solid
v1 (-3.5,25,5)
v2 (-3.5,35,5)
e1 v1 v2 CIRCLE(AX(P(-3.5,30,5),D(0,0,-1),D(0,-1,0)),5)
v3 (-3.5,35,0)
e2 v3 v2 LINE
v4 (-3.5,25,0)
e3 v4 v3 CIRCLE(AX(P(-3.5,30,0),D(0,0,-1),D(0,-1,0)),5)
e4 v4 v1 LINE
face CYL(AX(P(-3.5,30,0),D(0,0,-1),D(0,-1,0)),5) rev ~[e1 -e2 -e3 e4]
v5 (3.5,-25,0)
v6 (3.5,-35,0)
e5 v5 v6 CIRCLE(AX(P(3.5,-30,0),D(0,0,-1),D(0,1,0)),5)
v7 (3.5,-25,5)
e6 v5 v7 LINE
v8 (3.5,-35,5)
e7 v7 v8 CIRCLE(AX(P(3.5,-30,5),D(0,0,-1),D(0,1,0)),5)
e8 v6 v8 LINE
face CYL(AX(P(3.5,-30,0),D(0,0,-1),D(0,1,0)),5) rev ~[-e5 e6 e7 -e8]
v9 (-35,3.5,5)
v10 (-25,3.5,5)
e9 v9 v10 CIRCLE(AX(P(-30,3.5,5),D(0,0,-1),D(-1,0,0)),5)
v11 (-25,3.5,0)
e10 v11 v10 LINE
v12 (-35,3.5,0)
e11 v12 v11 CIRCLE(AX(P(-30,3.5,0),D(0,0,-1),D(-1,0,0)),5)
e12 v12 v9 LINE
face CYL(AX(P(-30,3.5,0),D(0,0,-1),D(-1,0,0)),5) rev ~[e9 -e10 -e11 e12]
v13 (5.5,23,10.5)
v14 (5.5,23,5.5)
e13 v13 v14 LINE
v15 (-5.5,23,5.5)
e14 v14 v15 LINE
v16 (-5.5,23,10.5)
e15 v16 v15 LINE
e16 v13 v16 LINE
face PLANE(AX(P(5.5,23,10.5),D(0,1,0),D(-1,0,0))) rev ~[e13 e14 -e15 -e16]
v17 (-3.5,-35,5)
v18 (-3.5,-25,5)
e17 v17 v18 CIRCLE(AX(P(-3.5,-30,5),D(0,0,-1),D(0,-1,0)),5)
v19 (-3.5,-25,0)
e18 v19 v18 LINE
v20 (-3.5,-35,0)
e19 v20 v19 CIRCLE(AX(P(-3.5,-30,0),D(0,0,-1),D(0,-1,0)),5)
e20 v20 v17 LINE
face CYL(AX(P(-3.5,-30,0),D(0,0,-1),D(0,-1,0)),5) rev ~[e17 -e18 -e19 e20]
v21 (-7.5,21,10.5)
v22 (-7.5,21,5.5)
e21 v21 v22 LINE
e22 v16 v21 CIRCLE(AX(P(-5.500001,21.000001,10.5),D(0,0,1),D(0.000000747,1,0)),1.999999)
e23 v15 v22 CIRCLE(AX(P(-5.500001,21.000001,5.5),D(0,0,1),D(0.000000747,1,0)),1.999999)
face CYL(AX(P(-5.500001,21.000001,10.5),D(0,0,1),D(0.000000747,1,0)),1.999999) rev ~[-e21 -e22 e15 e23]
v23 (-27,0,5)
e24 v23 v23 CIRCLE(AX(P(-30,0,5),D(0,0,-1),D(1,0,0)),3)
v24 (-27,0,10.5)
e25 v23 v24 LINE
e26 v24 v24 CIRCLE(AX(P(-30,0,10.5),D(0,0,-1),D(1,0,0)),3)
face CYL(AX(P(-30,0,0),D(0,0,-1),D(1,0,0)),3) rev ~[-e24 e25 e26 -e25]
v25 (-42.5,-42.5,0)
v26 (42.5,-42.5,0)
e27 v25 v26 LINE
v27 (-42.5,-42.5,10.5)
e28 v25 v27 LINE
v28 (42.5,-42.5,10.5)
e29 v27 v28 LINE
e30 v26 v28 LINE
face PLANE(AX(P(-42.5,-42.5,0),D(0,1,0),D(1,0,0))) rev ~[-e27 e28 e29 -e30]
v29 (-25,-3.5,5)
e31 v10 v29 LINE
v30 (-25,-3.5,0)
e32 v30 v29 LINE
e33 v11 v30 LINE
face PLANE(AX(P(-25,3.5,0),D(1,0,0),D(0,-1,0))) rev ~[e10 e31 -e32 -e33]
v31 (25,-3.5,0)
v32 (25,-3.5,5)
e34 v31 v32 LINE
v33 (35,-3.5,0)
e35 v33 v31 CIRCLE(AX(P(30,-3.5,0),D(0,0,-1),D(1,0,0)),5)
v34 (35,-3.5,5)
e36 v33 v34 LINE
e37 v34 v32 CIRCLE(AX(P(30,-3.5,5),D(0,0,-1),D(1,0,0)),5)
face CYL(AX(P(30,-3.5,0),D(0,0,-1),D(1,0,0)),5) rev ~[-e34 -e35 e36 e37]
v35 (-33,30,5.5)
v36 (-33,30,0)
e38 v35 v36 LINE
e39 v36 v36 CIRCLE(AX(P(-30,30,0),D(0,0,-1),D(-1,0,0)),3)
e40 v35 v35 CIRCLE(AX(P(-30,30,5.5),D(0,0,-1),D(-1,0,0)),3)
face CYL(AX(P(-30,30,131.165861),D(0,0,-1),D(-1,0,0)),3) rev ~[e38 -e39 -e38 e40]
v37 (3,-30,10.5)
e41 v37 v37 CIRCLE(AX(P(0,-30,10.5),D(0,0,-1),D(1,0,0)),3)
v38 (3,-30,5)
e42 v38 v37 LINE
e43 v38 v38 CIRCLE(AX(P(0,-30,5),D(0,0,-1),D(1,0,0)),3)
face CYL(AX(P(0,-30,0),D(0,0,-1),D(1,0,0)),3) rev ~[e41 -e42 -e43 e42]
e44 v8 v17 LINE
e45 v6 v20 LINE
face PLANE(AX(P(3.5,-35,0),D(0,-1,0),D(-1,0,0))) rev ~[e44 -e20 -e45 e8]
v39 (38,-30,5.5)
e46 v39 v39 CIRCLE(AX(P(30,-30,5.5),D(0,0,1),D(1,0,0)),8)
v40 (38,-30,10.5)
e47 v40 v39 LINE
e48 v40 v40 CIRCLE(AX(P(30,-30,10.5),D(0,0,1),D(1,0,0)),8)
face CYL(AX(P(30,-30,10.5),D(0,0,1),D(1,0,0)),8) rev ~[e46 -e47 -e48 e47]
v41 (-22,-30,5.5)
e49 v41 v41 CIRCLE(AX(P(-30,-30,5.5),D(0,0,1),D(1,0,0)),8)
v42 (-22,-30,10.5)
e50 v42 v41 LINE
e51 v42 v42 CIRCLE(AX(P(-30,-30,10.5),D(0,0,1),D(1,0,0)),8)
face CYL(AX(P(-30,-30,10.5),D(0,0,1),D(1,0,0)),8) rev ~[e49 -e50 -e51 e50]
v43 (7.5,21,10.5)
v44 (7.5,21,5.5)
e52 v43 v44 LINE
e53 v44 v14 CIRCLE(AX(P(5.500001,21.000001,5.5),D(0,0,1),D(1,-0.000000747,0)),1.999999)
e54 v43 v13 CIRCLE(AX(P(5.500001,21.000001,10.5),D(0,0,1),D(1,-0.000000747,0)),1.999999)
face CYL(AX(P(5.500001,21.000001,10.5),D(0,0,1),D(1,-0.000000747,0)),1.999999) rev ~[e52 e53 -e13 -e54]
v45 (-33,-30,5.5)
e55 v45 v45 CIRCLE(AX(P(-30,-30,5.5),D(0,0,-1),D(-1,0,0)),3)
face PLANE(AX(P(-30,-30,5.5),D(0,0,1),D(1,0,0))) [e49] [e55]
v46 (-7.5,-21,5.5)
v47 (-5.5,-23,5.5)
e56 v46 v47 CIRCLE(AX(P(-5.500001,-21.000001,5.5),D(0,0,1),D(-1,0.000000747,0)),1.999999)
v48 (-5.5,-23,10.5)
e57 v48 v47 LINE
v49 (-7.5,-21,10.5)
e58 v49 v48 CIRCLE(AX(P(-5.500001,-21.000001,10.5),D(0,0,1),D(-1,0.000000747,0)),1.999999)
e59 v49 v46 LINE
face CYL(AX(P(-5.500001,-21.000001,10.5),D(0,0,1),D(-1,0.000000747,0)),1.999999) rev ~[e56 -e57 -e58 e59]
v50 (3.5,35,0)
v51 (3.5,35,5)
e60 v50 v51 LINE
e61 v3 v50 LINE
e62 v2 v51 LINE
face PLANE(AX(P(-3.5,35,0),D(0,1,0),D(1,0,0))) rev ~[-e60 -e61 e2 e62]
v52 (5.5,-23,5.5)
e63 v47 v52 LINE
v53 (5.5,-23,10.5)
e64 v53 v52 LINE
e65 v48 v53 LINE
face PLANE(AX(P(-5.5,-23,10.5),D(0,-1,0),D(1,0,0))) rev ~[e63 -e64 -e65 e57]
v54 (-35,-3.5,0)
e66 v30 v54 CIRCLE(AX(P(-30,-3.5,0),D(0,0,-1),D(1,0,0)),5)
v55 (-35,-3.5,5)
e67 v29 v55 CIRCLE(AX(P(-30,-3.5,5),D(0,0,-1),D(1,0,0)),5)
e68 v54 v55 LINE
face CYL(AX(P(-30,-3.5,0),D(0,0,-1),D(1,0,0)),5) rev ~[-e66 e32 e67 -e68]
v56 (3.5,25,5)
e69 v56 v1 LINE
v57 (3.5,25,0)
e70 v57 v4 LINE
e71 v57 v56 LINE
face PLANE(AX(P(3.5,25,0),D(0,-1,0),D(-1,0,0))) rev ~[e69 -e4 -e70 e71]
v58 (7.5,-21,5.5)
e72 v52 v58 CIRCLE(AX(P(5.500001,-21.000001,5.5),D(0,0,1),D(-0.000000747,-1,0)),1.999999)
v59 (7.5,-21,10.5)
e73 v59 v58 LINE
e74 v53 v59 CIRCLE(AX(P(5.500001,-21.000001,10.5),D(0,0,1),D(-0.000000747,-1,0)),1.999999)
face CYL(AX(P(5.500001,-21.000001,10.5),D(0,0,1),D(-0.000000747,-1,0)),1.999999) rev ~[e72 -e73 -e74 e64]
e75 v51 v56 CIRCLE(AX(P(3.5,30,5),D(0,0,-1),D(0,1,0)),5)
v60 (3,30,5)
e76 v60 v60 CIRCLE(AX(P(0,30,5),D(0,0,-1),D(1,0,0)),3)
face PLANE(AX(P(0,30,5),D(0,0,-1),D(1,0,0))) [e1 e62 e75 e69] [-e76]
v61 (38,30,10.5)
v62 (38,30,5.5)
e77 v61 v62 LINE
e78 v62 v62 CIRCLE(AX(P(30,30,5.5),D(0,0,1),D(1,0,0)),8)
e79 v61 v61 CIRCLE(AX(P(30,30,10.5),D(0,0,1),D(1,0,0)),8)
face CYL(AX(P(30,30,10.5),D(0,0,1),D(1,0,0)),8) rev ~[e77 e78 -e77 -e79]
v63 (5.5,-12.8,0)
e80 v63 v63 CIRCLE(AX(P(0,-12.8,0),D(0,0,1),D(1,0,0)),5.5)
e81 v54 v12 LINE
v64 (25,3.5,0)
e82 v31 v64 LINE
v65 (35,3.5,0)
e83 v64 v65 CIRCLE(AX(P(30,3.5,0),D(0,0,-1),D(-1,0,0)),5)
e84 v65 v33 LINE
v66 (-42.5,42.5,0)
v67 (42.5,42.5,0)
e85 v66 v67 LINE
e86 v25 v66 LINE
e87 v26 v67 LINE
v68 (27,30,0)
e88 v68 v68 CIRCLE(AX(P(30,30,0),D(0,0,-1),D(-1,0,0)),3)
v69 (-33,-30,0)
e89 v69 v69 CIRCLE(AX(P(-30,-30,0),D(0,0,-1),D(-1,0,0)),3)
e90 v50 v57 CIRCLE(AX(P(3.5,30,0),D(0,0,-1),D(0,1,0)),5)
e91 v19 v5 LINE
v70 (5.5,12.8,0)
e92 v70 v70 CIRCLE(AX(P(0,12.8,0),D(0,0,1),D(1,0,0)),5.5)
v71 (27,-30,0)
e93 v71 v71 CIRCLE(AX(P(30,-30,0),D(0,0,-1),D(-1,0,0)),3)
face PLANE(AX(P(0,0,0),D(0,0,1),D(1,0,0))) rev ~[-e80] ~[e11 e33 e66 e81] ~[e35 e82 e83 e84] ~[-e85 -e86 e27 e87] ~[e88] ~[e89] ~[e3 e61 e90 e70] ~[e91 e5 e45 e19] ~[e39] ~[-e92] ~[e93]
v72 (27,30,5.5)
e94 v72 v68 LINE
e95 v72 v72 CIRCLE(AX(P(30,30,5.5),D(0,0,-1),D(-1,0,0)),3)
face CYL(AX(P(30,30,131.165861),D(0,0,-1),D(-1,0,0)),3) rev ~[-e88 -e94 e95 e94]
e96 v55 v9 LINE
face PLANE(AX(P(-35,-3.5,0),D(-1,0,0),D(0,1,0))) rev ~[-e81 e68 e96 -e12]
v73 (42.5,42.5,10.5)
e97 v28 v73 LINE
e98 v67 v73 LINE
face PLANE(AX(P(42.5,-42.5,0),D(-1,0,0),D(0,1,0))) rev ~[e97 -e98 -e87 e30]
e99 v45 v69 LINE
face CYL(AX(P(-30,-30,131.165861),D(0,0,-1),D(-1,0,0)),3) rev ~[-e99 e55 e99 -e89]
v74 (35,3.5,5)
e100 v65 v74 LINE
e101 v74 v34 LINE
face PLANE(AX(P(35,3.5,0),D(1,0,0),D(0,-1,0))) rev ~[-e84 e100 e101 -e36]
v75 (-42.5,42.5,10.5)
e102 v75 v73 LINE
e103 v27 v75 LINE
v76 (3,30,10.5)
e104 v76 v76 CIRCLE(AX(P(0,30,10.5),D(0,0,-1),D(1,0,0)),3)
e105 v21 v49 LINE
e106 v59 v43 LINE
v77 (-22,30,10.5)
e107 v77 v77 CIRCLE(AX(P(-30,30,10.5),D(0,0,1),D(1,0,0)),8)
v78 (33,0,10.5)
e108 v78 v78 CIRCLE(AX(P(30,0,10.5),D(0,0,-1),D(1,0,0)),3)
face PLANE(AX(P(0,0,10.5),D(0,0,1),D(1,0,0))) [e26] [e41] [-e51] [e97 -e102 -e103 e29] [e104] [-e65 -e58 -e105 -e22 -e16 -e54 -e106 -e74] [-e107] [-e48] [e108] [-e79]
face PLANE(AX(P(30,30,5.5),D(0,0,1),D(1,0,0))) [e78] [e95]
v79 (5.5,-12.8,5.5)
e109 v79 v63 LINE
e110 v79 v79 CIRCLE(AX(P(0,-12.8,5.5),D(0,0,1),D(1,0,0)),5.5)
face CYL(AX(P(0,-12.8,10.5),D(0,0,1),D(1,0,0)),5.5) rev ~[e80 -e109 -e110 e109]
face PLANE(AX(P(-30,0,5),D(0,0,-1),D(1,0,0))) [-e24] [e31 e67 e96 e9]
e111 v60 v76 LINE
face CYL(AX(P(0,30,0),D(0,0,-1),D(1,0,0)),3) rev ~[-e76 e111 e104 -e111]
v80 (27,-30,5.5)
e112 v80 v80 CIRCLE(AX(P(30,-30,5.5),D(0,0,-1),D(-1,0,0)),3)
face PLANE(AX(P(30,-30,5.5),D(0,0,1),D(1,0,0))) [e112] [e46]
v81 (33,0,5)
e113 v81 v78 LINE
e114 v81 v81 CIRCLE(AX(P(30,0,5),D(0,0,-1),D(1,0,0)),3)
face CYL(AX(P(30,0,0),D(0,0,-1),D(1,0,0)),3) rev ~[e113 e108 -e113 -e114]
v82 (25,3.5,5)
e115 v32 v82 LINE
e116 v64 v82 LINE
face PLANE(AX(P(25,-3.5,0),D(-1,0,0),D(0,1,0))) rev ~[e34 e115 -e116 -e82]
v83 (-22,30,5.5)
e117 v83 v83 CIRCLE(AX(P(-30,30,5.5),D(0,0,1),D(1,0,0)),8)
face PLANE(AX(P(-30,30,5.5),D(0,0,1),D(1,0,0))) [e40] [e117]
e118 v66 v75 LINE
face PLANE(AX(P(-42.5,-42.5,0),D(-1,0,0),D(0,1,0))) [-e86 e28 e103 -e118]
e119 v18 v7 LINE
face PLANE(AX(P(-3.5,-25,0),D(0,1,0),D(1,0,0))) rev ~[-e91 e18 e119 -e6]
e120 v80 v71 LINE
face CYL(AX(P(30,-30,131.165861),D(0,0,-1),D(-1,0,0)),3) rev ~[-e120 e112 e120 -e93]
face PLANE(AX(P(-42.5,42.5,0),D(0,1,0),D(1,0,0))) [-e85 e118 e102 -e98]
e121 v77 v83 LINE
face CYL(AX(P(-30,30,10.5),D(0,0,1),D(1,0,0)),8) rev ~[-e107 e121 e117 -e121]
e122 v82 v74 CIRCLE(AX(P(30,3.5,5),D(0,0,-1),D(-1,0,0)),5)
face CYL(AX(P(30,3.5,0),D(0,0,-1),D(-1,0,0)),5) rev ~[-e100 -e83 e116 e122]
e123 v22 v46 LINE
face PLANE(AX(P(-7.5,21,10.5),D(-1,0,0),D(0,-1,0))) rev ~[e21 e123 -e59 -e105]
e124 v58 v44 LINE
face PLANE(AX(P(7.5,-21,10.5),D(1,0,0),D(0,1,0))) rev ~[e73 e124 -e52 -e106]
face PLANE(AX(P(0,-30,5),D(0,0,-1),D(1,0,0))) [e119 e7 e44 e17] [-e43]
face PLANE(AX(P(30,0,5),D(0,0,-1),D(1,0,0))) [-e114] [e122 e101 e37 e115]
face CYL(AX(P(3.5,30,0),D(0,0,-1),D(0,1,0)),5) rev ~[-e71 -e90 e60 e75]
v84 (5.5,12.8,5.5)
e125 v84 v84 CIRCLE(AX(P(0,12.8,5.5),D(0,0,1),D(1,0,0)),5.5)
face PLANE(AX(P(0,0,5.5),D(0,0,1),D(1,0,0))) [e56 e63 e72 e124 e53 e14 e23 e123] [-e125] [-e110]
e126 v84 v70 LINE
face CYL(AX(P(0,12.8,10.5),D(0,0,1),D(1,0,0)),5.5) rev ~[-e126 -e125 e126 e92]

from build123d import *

# Parameters (mm, degrees)
F0_W      = 85
F0_H      = 85
F1_DEPTH  = 10.5
F2_R      = 5.5
F3_DEPTH  = 10.501
F5_DEPTH  = 5
F6_R      = 8
F7_DEPTH  = 5
F8_D      = 6
F10_DEPTH = 5
F11_R     = 3
F12_DEPTH = 25


with BuildPart() as f1:
    # F0 (on Top) → F1 (new body)
    with BuildSketch(Plane.XY):
        Rectangle(F0_W, F0_H)
    extrude(amount=F1_DEPTH)

    # F2 (on face) → F3 (cut, through all)
    with BuildSketch(Plane.XY.offset(10.5)):
        with Locations((0, 12.8)):
            Circle(F2_R)
        with Locations((0, -12.8)):
            Circle(F2_R)
    extrude(amount=-F3_DEPTH, mode=Mode.SUBTRACT)

    # F4 (on face) → F5 (cut)
    with BuildSketch(Plane.XY.offset(10.5)):
        with BuildLine():
            Line((-5.5, -23), (5.5, -23))
            ThreePointArc((5.5, -23), (6.914214, -22.414214), (7.5, -21))
            Line((7.5, -21), (7.5, 21))
            ThreePointArc((7.5, 21), (6.914214, 22.414214), (5.5, 23))
            Line((5.5, 23), (-5.5, 23))
            ThreePointArc((-5.5, 23), (-6.914214, 22.414214), (-7.5, 21))
            Line((-7.5, 21), (-7.5, -21))
            ThreePointArc((-7.5, -21), (-6.914214, -22.414214), (-5.5, -23))
        make_face()
    extrude(amount=-F5_DEPTH, mode=Mode.SUBTRACT)

    # F6 (on face) → F7 (cut)
    with BuildSketch(Plane.XY.offset(10.5)):
        with Locations((30, 30)):
            Circle(F6_R)
        with Locations((30, -30)):
            Circle(F6_R)
        with Locations((-30, -30)):
            Circle(F6_R)
        with Locations((-30, 30)):
            Circle(F6_R)
    extrude(amount=-F7_DEPTH, mode=Mode.SUBTRACT)

    # F8 (through all)
    with Locations(Plane.XY.offset(10.5)):
        with Locations((-30, -30), (30, -30), (30, 30), (-30, 30)):
            Hole(F8_D / 2)

    # F9 (on face) → F10 (cut)
    with BuildSketch(Plane(origin=(0, 0, 0), x_dir=(1, 0, 0), z_dir=(0, 0, -1))):
        with BuildLine():
            ThreePointArc((35, 3.5), (30, 8.5), (25, 3.5))
            Line((25, 3.5), (25, -3.5))
            ThreePointArc((25, -3.5), (30, -8.5), (35, -3.5))
            Line((35, -3.5), (35, 3.5))
        make_face()
        with BuildLine():
            ThreePointArc((3.5, 25), (8.5, 30), (3.5, 35))
            Line((3.5, 35), (-3.5, 35))
            ThreePointArc((-3.5, 35), (-8.5, 30), (-3.5, 25))
            Line((-3.5, 25), (3.5, 25))
        make_face()
        with BuildLine():
            ThreePointArc((-25, 3.5), (-30, 8.5), (-35, 3.5))
            Line((-35, 3.5), (-35, -3.5))
            ThreePointArc((-35, -3.5), (-30, -8.5), (-25, -3.5))
            Line((-25, -3.5), (-25, 3.5))
        make_face()
        with BuildLine():
            Line((-3.5, -35), (3.5, -35))
            ThreePointArc((3.5, -35), (8.5, -30), (3.5, -25))
            Line((3.5, -25), (-3.5, -25))
            ThreePointArc((-3.5, -25), (-8.5, -30), (-3.5, -35))
        make_face()
    extrude(amount=-F10_DEPTH, mode=Mode.SUBTRACT)

    # F11 (on face) → F12 (cut)
    with BuildSketch(Plane(origin=(0, 0, 0), x_dir=(1, 0, 0), z_dir=(0, 0, -1))):
        with Locations((0, 30)):
            Circle(F11_R)
        with Locations((0, -30)):
            Circle(F11_R)
        with Locations((30, 0)):
            Circle(F11_R)
        with Locations((-30, 0)):
            Circle(F11_R)
    extrude(amount=-F12_DEPTH, mode=Mode.SUBTRACT)


solid = f1.part
